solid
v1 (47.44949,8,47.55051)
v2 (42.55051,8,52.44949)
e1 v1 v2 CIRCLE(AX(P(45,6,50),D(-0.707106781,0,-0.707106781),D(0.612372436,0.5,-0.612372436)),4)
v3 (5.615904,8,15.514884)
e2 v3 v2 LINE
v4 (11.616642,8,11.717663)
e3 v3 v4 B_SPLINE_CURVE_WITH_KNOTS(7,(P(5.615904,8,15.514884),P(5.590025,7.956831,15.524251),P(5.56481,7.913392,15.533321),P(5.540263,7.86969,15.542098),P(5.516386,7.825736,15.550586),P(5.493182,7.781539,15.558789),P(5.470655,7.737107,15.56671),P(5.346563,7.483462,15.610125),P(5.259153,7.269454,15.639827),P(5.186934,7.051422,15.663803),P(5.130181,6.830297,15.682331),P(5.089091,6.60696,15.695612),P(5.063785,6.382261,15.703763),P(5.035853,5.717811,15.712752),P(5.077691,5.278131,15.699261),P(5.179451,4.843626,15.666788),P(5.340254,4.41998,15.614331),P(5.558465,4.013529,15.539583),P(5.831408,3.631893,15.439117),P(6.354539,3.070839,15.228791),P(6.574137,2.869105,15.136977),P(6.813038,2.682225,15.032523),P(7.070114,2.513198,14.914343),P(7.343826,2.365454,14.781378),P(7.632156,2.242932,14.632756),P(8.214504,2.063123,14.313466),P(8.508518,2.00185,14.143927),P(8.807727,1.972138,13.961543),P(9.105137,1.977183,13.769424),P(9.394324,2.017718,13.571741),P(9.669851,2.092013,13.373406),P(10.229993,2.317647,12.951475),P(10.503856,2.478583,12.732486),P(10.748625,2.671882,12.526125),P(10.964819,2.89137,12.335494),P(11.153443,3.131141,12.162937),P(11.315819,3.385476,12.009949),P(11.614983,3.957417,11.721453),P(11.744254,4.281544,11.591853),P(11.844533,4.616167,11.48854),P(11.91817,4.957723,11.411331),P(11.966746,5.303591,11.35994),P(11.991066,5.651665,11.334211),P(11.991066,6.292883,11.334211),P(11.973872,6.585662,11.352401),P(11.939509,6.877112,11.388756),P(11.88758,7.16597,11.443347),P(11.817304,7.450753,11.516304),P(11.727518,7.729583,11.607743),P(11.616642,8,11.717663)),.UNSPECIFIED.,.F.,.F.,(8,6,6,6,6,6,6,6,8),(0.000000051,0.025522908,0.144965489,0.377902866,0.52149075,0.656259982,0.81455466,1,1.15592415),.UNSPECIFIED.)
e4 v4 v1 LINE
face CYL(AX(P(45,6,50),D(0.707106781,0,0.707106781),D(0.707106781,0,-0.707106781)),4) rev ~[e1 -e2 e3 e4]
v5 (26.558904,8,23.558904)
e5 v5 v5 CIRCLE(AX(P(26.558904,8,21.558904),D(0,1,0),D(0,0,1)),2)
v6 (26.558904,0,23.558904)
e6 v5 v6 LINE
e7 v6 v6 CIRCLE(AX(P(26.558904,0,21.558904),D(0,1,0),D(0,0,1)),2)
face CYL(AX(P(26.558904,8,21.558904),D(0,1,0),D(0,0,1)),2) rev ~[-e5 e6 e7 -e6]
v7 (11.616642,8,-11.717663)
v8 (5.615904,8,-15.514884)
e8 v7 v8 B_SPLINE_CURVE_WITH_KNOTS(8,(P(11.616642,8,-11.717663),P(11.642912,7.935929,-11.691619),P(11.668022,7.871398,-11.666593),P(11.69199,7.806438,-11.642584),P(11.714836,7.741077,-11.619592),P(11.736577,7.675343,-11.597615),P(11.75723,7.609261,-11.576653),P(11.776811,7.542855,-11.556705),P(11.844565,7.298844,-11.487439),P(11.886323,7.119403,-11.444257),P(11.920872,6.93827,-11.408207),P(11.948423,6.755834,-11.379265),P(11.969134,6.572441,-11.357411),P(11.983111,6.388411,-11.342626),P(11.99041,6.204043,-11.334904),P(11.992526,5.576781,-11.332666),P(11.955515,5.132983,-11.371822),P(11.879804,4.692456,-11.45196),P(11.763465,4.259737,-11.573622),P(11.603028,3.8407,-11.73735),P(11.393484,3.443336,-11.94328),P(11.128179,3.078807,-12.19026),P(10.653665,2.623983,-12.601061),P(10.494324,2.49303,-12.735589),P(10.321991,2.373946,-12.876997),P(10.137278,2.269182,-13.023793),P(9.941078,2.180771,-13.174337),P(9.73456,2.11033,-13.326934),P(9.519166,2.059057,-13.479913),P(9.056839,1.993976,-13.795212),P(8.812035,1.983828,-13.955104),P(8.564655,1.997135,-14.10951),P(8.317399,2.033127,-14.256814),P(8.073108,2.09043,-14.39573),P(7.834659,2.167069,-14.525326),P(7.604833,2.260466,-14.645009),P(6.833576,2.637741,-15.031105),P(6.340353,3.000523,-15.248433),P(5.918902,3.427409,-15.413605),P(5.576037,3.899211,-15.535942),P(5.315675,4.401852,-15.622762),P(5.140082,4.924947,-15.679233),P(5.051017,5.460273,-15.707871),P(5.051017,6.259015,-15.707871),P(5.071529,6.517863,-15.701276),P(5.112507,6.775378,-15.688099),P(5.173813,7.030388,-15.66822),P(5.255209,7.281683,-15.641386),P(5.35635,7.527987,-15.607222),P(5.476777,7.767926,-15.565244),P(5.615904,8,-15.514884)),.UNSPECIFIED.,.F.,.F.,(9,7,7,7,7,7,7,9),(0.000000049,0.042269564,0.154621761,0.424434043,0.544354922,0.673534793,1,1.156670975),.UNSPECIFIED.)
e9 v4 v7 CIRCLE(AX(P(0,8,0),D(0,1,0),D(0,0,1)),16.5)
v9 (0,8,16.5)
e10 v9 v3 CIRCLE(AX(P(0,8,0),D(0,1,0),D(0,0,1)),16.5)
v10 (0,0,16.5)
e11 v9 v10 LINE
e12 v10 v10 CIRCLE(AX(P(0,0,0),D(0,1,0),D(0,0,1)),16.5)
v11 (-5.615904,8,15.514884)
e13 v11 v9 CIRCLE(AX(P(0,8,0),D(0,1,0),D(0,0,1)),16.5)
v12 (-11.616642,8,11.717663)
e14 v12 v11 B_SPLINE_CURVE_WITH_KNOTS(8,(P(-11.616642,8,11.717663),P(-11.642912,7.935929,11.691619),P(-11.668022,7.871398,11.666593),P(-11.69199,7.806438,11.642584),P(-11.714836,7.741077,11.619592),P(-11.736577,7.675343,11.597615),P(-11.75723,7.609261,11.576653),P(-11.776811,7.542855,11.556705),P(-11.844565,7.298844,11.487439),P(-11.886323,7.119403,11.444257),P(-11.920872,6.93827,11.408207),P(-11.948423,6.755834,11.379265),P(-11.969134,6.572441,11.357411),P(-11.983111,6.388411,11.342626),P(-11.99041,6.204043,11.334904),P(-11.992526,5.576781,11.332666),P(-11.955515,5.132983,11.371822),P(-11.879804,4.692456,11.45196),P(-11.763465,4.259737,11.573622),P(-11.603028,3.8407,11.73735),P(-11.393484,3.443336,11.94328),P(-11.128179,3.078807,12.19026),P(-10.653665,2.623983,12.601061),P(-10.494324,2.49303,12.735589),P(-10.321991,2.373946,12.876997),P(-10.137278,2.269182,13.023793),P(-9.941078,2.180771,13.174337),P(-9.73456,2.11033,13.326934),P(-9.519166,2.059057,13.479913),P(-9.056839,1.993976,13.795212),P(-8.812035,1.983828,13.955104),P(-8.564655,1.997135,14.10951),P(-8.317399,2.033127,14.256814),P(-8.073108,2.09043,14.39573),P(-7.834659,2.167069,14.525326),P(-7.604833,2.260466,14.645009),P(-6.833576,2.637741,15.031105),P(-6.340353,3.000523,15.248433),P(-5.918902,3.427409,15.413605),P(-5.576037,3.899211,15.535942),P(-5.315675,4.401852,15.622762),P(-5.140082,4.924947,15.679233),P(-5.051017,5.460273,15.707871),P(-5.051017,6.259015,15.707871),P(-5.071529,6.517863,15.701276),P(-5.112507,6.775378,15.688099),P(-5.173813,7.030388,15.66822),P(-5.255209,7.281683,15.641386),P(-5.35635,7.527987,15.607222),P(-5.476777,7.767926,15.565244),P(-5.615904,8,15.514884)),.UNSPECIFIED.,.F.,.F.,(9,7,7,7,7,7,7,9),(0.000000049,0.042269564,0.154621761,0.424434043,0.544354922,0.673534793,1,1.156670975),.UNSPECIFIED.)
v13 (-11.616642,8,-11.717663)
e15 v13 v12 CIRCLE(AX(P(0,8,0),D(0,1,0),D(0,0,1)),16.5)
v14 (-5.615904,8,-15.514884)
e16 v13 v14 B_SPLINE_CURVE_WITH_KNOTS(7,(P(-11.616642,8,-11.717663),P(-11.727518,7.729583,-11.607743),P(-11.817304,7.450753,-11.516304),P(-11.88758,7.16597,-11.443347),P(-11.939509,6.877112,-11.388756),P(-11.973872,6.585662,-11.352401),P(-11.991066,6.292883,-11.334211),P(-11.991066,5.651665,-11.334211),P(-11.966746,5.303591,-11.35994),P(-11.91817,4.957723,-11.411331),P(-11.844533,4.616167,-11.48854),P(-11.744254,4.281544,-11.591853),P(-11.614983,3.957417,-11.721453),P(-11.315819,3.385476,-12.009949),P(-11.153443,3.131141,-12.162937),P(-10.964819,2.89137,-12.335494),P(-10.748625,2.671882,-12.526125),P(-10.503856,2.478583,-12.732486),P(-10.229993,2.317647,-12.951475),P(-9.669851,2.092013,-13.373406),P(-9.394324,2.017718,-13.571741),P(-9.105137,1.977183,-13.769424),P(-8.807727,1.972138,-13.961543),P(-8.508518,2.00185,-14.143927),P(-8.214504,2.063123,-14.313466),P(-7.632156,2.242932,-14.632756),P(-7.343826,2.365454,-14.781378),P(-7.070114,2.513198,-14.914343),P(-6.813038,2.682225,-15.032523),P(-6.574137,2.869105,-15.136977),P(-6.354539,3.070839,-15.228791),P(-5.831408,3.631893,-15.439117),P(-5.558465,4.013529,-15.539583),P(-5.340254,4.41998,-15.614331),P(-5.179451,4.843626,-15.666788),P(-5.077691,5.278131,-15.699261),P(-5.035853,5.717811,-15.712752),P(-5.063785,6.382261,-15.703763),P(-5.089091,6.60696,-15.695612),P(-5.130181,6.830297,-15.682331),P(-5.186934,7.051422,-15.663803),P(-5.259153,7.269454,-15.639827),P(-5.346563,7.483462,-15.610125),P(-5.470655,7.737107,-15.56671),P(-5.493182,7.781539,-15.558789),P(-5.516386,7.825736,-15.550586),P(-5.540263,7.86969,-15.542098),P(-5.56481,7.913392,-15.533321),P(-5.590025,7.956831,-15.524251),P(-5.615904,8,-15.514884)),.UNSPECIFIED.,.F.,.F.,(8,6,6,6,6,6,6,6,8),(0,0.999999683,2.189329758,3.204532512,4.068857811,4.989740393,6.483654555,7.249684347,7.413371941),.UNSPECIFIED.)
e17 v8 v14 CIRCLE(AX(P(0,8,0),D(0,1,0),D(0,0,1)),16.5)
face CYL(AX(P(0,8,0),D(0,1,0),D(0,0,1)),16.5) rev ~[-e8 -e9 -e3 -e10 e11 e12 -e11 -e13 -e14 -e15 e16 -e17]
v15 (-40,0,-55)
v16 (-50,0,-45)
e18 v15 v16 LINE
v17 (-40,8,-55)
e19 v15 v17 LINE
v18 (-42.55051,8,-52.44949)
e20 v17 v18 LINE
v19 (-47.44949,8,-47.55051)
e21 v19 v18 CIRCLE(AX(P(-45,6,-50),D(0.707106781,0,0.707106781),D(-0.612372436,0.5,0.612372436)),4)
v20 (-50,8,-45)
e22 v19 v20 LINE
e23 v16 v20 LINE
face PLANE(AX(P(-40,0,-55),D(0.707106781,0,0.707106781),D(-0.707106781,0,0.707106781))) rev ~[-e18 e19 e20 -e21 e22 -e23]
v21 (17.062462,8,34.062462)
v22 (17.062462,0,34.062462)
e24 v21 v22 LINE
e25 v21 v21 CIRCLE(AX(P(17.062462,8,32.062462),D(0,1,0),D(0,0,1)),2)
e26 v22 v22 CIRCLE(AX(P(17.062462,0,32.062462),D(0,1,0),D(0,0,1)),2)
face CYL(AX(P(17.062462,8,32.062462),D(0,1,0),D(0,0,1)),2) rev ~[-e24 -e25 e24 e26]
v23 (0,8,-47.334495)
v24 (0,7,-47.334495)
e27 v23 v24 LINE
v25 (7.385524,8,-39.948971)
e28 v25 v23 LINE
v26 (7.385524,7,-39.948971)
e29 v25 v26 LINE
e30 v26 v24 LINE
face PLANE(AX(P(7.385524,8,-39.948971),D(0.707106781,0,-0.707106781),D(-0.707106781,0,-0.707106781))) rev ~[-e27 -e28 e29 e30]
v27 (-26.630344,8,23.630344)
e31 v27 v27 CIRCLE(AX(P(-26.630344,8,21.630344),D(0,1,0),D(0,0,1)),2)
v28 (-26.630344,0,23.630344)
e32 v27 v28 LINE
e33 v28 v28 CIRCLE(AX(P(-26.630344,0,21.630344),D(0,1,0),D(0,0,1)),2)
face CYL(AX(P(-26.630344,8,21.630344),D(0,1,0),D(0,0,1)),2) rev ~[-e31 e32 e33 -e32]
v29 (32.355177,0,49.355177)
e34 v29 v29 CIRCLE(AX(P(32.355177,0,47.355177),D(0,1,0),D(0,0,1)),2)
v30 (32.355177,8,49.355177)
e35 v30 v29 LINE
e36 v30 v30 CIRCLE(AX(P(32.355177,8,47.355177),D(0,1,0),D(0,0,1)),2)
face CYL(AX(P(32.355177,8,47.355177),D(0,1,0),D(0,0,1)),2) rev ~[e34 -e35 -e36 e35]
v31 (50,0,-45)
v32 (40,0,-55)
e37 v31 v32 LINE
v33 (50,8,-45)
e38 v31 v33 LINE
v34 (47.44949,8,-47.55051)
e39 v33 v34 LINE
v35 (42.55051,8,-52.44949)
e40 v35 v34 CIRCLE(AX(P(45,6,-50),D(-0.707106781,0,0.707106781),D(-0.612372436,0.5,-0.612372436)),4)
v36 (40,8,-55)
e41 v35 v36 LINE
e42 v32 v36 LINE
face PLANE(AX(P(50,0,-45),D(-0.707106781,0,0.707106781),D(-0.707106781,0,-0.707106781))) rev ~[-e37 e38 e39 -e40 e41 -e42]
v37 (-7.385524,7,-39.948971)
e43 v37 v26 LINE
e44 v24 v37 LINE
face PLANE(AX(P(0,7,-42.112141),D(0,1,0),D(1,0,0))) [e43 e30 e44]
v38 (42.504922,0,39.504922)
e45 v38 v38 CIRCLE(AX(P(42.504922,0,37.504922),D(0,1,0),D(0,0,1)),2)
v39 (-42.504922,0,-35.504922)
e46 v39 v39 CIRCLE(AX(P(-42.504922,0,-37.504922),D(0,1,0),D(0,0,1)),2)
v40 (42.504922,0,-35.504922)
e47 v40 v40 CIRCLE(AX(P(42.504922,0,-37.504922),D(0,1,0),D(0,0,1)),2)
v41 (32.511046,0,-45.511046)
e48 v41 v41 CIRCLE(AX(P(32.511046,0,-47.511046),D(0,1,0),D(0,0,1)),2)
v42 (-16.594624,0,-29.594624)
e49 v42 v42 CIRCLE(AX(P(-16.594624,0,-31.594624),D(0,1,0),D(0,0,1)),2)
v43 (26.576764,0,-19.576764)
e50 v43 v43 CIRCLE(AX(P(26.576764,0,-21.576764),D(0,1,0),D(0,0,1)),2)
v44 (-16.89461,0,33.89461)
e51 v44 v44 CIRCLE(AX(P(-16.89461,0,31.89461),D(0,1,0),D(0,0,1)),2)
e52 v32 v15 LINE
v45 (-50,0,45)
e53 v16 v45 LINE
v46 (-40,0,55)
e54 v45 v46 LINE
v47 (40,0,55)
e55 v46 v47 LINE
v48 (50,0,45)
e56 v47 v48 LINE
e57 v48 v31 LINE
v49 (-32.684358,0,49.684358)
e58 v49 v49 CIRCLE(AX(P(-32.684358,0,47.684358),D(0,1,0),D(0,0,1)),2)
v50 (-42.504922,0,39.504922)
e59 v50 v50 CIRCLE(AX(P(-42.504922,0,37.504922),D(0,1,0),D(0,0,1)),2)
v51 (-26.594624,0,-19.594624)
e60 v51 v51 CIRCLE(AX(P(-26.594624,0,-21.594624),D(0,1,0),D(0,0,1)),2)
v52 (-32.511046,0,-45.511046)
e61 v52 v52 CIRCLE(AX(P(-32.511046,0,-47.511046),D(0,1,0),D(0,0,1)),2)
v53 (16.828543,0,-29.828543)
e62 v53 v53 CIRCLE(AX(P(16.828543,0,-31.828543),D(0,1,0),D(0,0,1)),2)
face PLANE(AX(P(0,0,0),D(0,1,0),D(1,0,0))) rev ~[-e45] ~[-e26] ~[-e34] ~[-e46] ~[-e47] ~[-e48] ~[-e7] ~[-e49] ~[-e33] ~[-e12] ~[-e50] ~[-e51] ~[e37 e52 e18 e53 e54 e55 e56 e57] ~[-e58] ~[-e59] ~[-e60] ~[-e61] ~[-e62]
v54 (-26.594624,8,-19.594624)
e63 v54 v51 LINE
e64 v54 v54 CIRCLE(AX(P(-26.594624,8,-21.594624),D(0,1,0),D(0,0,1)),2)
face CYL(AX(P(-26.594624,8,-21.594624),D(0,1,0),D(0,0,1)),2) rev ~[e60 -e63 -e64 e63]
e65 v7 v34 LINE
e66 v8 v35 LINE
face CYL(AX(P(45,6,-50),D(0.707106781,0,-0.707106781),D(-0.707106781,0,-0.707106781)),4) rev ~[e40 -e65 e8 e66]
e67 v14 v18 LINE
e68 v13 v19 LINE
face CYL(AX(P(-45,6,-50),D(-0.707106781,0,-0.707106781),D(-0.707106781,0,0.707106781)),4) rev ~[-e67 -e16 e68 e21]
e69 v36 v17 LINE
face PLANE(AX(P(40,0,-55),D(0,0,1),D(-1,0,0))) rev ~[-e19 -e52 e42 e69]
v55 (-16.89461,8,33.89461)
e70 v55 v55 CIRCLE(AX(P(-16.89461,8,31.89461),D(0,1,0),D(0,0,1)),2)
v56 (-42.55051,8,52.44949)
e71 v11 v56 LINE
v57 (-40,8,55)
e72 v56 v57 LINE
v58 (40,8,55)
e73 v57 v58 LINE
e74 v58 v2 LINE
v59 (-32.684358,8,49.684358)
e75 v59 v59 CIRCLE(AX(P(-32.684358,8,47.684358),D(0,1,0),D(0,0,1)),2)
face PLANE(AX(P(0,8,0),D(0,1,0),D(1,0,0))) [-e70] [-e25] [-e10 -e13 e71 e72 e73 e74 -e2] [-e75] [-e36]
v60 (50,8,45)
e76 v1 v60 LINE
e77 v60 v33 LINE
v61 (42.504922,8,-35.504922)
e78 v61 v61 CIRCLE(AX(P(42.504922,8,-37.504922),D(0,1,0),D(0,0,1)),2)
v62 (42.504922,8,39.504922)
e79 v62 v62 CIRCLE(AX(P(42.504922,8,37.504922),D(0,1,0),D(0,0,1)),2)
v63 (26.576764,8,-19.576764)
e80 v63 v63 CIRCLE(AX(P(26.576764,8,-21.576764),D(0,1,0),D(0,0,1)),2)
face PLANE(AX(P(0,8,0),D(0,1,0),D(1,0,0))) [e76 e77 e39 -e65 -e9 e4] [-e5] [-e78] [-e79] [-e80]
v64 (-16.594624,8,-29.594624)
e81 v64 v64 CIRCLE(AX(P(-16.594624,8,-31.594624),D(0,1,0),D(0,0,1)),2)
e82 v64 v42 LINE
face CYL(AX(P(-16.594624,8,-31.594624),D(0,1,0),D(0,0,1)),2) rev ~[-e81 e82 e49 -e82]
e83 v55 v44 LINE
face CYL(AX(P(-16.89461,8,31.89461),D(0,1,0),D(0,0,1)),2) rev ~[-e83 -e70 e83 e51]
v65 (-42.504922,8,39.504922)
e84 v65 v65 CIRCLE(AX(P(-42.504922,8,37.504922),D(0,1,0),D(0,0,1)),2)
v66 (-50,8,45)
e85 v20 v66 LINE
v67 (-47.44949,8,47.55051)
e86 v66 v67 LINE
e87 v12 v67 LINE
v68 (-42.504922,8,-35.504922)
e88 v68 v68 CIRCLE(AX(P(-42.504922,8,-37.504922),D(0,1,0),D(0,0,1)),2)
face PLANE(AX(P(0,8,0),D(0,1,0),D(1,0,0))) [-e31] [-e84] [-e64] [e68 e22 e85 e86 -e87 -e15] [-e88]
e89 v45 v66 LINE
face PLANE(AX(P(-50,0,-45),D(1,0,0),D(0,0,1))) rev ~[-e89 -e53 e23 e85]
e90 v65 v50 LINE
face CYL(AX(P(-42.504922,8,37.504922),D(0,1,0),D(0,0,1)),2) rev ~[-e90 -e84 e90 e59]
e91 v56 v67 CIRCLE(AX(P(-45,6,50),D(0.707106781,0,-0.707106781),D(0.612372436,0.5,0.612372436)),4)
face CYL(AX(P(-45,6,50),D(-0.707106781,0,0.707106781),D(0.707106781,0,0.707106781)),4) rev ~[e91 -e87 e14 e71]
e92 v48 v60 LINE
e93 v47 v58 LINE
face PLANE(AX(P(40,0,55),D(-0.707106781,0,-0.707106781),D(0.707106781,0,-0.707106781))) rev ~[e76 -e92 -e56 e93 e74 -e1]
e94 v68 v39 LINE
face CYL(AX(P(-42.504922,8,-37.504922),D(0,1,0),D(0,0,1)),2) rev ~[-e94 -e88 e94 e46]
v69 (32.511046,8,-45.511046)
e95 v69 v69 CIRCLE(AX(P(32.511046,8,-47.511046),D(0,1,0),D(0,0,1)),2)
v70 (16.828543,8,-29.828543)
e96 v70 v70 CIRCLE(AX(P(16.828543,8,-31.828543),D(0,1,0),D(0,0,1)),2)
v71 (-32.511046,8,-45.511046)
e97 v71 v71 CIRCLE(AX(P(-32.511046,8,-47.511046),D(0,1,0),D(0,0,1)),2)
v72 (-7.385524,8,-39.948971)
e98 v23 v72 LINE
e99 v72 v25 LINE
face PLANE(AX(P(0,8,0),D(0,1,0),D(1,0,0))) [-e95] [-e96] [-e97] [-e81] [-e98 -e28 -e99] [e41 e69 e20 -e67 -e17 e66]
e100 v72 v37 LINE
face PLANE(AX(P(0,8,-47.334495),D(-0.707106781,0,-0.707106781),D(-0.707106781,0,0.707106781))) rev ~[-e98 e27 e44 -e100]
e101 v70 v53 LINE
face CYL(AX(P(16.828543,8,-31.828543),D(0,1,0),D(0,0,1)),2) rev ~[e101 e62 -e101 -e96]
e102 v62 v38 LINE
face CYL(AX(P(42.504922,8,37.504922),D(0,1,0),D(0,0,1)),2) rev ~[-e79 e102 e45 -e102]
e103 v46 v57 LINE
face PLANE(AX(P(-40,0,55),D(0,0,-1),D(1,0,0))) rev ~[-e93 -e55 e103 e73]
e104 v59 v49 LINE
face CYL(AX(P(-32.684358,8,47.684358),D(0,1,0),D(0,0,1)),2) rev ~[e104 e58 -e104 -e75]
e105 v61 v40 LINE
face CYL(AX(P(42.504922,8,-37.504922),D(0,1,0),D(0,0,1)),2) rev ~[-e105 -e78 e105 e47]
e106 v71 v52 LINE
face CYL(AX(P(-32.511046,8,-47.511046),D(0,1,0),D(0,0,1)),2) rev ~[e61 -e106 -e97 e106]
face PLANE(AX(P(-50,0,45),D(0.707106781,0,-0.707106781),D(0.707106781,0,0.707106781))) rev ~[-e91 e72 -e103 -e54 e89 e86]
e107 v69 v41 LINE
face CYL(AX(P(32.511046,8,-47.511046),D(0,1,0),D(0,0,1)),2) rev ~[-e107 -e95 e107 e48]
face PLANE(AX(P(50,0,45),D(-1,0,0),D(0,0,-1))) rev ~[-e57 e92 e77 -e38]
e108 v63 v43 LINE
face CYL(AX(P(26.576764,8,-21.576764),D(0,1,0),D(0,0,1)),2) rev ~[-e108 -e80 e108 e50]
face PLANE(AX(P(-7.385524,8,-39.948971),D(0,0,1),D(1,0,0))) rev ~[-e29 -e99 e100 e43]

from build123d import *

# Parameters (mm, degrees)
EXTRUDE_1_DEPTH     = 8
SKETCH_3_R          = 16.5
CUT_EXTRUDE_1_DEPTH = 8
SKETCH_2_R          = 4
CUT_EXTRUDE_2_DEPTH = 60
SKETCH_4_R          = 4
CUT_EXTRUDE_3_DEPTH = 60
SKETCH_5_R          = 4
CUT_EXTRUDE_4_DEPTH = 60
SKETCH_6_R          = 4
CUT_EXTRUDE_5_DEPTH = 60
CUT_EXTRUDE_6_DEPTH = 1
SKETCH_8_R          = 2
CUT_EXTRUDE_8_DEPTH = 9


with BuildPart() as part:
    # 草图1 → 凸台-拉伸1 (new body)
    with BuildSketch(Plane(origin=(0, 0, 0), x_dir=(1, 0, 0), z_dir=(0, 1, 0))):
        Polygon((-40, 55), (-50, 45), (-50, -45), (-40, -55), (40, -55), (50, -45), (50, 45), (40, 55), align=None)
    extrude(amount=EXTRUDE_1_DEPTH)

    # 草图3 → 切除-拉伸1 (cut)
    with BuildSketch(Plane(origin=(0, 8, 0), x_dir=(1, 0, 0), z_dir=(0, 1, 0))):
        with Locations(Location((0, 0, 0), (0, 0, 270))):
            Circle(SKETCH_3_R)
    extrude(amount=-CUT_EXTRUDE_1_DEPTH, mode=Mode.SUBTRACT)

    # 草图2 → 切除-拉伸2 (cut)
    with BuildSketch(Plane(origin=(47.5, 0, 47.5), x_dir=(0.7071067811865483, 0, -0.7071067811865468), z_dir=(0.7071067811865468, 0, 0.7071067811865483))):
        with Locations((-3.535533906, 6)):
            Circle(SKETCH_2_R)
    extrude(amount=-CUT_EXTRUDE_2_DEPTH, mode=Mode.SUBTRACT)

    # 草图4 → 切除-拉伸3 (cut)
    with BuildSketch(Plane(origin=(-47.5, 0, 47.5), x_dir=(0.7071067811865475, 0, 0.7071067811865477), z_dir=(-0.7071067811865477, 0, 0.7071067811865475))):
        with Locations((3.535533906, 6)):
            Circle(SKETCH_4_R)
    extrude(amount=-CUT_EXTRUDE_3_DEPTH, mode=Mode.SUBTRACT)

    # 草图5 → 切除-拉伸4 (cut)
    with BuildSketch(Plane(origin=(-47.5, 0, -47.5), x_dir=(-0.7071067811865477, 0, 0.7071067811865475), z_dir=(-0.7071067811865475, 0, -0.7071067811865477))):
        with Locations((-3.535533906, 6)):
            Circle(SKETCH_5_R)
    extrude(amount=-CUT_EXTRUDE_4_DEPTH, mode=Mode.SUBTRACT)

    # 草图6 → 切除-拉伸5 (cut)
    with BuildSketch(Plane(origin=(47.5, 0, -47.5), x_dir=(-0.7071067811865475, 0, -0.7071067811865477), z_dir=(0.7071067811865477, 0, -0.7071067811865475))):
        with Locations((3.535533906, 6)):
            Circle(SKETCH_6_R)
    extrude(amount=-CUT_EXTRUDE_5_DEPTH, mode=Mode.SUBTRACT)

    # 草图7 → 切除-拉伸6 (cut)
    with BuildSketch(Plane(origin=(0, 8, 0), x_dir=(1, 0, 0), z_dir=(0, 1, 0))):
        Polygon((0, 47.334494774), (-7.385524007, 39.948970766), (7.385524007, 39.948970766), align=None)
    extrude(amount=-CUT_EXTRUDE_6_DEPTH, mode=Mode.SUBTRACT)

    # 草图8 → 切除-拉伸8 (cut)
    with BuildSketch(Plane(origin=(0, 8, 0), x_dir=(1, 0, 0), z_dir=(0, 1, 0))):
        with Locations(Location((-32.511046196, 47.511046196, 0), (0, 0, 270))):
            Circle(SKETCH_8_R)
        with Locations(Location((-42.504921706, 37.504921706, 0), (0, 0, 270))):
            Circle(SKETCH_8_R)
        with Locations(Location((-16.594623736, 31.594623736, 0), (0, 0, 270))):
            Circle(SKETCH_8_R)
        with Locations(Location((-26.594623736, 21.594623736, 0), (0, 0, 270))):
            Circle(SKETCH_8_R)
        with Locations(Location((16.828543077, 31.828543077, 0), (0, 0, 270))):
            Circle(SKETCH_8_R)
        with Locations(Location((32.511046196, 47.511046196, 0), (0, 0, 270))):
            Circle(SKETCH_8_R)
        with Locations(Location((42.504921706, 37.504921706, 0), (0, 0, 270))):
            Circle(SKETCH_8_R)
        with Locations(Location((26.57676385, 21.57676385, 0), (0, 0, 270))):
            Circle(SKETCH_8_R)
        with Locations(Location((-26.63034351, -21.63034351, 0), (0, 0, 270))):
            Circle(SKETCH_8_R)
        with Locations(Location((-16.8946096, -31.8946096, 0), (0, 0, 270))):
            Circle(SKETCH_8_R)
        with Locations(Location((-42.504921706, -37.504921706, 0), (0, 0, 270))):
            Circle(SKETCH_8_R)
        with Locations(Location((-32.684358037, -47.684358037, 0), (0, 0, 270))):
            Circle(SKETCH_8_R)
        with Locations(Location((26.558903963, -21.558903963, 0), (0, 0, 270))):
            Circle(SKETCH_8_R)
        with Locations(Location((17.062462418, -32.062462418, 0), (0, 0, 270))):
            Circle(SKETCH_8_R)
        with Locations(Location((42.504921706, -37.504921706, 0), (0, 0, 270))):
            Circle(SKETCH_8_R)
        with Locations(Location((32.355177206, -47.355177206, 0), (0, 0, 270))):
            Circle(SKETCH_8_R)
    extrude(amount=-CUT_EXTRUDE_8_DEPTH, mode=Mode.SUBTRACT)


solid = part.part
